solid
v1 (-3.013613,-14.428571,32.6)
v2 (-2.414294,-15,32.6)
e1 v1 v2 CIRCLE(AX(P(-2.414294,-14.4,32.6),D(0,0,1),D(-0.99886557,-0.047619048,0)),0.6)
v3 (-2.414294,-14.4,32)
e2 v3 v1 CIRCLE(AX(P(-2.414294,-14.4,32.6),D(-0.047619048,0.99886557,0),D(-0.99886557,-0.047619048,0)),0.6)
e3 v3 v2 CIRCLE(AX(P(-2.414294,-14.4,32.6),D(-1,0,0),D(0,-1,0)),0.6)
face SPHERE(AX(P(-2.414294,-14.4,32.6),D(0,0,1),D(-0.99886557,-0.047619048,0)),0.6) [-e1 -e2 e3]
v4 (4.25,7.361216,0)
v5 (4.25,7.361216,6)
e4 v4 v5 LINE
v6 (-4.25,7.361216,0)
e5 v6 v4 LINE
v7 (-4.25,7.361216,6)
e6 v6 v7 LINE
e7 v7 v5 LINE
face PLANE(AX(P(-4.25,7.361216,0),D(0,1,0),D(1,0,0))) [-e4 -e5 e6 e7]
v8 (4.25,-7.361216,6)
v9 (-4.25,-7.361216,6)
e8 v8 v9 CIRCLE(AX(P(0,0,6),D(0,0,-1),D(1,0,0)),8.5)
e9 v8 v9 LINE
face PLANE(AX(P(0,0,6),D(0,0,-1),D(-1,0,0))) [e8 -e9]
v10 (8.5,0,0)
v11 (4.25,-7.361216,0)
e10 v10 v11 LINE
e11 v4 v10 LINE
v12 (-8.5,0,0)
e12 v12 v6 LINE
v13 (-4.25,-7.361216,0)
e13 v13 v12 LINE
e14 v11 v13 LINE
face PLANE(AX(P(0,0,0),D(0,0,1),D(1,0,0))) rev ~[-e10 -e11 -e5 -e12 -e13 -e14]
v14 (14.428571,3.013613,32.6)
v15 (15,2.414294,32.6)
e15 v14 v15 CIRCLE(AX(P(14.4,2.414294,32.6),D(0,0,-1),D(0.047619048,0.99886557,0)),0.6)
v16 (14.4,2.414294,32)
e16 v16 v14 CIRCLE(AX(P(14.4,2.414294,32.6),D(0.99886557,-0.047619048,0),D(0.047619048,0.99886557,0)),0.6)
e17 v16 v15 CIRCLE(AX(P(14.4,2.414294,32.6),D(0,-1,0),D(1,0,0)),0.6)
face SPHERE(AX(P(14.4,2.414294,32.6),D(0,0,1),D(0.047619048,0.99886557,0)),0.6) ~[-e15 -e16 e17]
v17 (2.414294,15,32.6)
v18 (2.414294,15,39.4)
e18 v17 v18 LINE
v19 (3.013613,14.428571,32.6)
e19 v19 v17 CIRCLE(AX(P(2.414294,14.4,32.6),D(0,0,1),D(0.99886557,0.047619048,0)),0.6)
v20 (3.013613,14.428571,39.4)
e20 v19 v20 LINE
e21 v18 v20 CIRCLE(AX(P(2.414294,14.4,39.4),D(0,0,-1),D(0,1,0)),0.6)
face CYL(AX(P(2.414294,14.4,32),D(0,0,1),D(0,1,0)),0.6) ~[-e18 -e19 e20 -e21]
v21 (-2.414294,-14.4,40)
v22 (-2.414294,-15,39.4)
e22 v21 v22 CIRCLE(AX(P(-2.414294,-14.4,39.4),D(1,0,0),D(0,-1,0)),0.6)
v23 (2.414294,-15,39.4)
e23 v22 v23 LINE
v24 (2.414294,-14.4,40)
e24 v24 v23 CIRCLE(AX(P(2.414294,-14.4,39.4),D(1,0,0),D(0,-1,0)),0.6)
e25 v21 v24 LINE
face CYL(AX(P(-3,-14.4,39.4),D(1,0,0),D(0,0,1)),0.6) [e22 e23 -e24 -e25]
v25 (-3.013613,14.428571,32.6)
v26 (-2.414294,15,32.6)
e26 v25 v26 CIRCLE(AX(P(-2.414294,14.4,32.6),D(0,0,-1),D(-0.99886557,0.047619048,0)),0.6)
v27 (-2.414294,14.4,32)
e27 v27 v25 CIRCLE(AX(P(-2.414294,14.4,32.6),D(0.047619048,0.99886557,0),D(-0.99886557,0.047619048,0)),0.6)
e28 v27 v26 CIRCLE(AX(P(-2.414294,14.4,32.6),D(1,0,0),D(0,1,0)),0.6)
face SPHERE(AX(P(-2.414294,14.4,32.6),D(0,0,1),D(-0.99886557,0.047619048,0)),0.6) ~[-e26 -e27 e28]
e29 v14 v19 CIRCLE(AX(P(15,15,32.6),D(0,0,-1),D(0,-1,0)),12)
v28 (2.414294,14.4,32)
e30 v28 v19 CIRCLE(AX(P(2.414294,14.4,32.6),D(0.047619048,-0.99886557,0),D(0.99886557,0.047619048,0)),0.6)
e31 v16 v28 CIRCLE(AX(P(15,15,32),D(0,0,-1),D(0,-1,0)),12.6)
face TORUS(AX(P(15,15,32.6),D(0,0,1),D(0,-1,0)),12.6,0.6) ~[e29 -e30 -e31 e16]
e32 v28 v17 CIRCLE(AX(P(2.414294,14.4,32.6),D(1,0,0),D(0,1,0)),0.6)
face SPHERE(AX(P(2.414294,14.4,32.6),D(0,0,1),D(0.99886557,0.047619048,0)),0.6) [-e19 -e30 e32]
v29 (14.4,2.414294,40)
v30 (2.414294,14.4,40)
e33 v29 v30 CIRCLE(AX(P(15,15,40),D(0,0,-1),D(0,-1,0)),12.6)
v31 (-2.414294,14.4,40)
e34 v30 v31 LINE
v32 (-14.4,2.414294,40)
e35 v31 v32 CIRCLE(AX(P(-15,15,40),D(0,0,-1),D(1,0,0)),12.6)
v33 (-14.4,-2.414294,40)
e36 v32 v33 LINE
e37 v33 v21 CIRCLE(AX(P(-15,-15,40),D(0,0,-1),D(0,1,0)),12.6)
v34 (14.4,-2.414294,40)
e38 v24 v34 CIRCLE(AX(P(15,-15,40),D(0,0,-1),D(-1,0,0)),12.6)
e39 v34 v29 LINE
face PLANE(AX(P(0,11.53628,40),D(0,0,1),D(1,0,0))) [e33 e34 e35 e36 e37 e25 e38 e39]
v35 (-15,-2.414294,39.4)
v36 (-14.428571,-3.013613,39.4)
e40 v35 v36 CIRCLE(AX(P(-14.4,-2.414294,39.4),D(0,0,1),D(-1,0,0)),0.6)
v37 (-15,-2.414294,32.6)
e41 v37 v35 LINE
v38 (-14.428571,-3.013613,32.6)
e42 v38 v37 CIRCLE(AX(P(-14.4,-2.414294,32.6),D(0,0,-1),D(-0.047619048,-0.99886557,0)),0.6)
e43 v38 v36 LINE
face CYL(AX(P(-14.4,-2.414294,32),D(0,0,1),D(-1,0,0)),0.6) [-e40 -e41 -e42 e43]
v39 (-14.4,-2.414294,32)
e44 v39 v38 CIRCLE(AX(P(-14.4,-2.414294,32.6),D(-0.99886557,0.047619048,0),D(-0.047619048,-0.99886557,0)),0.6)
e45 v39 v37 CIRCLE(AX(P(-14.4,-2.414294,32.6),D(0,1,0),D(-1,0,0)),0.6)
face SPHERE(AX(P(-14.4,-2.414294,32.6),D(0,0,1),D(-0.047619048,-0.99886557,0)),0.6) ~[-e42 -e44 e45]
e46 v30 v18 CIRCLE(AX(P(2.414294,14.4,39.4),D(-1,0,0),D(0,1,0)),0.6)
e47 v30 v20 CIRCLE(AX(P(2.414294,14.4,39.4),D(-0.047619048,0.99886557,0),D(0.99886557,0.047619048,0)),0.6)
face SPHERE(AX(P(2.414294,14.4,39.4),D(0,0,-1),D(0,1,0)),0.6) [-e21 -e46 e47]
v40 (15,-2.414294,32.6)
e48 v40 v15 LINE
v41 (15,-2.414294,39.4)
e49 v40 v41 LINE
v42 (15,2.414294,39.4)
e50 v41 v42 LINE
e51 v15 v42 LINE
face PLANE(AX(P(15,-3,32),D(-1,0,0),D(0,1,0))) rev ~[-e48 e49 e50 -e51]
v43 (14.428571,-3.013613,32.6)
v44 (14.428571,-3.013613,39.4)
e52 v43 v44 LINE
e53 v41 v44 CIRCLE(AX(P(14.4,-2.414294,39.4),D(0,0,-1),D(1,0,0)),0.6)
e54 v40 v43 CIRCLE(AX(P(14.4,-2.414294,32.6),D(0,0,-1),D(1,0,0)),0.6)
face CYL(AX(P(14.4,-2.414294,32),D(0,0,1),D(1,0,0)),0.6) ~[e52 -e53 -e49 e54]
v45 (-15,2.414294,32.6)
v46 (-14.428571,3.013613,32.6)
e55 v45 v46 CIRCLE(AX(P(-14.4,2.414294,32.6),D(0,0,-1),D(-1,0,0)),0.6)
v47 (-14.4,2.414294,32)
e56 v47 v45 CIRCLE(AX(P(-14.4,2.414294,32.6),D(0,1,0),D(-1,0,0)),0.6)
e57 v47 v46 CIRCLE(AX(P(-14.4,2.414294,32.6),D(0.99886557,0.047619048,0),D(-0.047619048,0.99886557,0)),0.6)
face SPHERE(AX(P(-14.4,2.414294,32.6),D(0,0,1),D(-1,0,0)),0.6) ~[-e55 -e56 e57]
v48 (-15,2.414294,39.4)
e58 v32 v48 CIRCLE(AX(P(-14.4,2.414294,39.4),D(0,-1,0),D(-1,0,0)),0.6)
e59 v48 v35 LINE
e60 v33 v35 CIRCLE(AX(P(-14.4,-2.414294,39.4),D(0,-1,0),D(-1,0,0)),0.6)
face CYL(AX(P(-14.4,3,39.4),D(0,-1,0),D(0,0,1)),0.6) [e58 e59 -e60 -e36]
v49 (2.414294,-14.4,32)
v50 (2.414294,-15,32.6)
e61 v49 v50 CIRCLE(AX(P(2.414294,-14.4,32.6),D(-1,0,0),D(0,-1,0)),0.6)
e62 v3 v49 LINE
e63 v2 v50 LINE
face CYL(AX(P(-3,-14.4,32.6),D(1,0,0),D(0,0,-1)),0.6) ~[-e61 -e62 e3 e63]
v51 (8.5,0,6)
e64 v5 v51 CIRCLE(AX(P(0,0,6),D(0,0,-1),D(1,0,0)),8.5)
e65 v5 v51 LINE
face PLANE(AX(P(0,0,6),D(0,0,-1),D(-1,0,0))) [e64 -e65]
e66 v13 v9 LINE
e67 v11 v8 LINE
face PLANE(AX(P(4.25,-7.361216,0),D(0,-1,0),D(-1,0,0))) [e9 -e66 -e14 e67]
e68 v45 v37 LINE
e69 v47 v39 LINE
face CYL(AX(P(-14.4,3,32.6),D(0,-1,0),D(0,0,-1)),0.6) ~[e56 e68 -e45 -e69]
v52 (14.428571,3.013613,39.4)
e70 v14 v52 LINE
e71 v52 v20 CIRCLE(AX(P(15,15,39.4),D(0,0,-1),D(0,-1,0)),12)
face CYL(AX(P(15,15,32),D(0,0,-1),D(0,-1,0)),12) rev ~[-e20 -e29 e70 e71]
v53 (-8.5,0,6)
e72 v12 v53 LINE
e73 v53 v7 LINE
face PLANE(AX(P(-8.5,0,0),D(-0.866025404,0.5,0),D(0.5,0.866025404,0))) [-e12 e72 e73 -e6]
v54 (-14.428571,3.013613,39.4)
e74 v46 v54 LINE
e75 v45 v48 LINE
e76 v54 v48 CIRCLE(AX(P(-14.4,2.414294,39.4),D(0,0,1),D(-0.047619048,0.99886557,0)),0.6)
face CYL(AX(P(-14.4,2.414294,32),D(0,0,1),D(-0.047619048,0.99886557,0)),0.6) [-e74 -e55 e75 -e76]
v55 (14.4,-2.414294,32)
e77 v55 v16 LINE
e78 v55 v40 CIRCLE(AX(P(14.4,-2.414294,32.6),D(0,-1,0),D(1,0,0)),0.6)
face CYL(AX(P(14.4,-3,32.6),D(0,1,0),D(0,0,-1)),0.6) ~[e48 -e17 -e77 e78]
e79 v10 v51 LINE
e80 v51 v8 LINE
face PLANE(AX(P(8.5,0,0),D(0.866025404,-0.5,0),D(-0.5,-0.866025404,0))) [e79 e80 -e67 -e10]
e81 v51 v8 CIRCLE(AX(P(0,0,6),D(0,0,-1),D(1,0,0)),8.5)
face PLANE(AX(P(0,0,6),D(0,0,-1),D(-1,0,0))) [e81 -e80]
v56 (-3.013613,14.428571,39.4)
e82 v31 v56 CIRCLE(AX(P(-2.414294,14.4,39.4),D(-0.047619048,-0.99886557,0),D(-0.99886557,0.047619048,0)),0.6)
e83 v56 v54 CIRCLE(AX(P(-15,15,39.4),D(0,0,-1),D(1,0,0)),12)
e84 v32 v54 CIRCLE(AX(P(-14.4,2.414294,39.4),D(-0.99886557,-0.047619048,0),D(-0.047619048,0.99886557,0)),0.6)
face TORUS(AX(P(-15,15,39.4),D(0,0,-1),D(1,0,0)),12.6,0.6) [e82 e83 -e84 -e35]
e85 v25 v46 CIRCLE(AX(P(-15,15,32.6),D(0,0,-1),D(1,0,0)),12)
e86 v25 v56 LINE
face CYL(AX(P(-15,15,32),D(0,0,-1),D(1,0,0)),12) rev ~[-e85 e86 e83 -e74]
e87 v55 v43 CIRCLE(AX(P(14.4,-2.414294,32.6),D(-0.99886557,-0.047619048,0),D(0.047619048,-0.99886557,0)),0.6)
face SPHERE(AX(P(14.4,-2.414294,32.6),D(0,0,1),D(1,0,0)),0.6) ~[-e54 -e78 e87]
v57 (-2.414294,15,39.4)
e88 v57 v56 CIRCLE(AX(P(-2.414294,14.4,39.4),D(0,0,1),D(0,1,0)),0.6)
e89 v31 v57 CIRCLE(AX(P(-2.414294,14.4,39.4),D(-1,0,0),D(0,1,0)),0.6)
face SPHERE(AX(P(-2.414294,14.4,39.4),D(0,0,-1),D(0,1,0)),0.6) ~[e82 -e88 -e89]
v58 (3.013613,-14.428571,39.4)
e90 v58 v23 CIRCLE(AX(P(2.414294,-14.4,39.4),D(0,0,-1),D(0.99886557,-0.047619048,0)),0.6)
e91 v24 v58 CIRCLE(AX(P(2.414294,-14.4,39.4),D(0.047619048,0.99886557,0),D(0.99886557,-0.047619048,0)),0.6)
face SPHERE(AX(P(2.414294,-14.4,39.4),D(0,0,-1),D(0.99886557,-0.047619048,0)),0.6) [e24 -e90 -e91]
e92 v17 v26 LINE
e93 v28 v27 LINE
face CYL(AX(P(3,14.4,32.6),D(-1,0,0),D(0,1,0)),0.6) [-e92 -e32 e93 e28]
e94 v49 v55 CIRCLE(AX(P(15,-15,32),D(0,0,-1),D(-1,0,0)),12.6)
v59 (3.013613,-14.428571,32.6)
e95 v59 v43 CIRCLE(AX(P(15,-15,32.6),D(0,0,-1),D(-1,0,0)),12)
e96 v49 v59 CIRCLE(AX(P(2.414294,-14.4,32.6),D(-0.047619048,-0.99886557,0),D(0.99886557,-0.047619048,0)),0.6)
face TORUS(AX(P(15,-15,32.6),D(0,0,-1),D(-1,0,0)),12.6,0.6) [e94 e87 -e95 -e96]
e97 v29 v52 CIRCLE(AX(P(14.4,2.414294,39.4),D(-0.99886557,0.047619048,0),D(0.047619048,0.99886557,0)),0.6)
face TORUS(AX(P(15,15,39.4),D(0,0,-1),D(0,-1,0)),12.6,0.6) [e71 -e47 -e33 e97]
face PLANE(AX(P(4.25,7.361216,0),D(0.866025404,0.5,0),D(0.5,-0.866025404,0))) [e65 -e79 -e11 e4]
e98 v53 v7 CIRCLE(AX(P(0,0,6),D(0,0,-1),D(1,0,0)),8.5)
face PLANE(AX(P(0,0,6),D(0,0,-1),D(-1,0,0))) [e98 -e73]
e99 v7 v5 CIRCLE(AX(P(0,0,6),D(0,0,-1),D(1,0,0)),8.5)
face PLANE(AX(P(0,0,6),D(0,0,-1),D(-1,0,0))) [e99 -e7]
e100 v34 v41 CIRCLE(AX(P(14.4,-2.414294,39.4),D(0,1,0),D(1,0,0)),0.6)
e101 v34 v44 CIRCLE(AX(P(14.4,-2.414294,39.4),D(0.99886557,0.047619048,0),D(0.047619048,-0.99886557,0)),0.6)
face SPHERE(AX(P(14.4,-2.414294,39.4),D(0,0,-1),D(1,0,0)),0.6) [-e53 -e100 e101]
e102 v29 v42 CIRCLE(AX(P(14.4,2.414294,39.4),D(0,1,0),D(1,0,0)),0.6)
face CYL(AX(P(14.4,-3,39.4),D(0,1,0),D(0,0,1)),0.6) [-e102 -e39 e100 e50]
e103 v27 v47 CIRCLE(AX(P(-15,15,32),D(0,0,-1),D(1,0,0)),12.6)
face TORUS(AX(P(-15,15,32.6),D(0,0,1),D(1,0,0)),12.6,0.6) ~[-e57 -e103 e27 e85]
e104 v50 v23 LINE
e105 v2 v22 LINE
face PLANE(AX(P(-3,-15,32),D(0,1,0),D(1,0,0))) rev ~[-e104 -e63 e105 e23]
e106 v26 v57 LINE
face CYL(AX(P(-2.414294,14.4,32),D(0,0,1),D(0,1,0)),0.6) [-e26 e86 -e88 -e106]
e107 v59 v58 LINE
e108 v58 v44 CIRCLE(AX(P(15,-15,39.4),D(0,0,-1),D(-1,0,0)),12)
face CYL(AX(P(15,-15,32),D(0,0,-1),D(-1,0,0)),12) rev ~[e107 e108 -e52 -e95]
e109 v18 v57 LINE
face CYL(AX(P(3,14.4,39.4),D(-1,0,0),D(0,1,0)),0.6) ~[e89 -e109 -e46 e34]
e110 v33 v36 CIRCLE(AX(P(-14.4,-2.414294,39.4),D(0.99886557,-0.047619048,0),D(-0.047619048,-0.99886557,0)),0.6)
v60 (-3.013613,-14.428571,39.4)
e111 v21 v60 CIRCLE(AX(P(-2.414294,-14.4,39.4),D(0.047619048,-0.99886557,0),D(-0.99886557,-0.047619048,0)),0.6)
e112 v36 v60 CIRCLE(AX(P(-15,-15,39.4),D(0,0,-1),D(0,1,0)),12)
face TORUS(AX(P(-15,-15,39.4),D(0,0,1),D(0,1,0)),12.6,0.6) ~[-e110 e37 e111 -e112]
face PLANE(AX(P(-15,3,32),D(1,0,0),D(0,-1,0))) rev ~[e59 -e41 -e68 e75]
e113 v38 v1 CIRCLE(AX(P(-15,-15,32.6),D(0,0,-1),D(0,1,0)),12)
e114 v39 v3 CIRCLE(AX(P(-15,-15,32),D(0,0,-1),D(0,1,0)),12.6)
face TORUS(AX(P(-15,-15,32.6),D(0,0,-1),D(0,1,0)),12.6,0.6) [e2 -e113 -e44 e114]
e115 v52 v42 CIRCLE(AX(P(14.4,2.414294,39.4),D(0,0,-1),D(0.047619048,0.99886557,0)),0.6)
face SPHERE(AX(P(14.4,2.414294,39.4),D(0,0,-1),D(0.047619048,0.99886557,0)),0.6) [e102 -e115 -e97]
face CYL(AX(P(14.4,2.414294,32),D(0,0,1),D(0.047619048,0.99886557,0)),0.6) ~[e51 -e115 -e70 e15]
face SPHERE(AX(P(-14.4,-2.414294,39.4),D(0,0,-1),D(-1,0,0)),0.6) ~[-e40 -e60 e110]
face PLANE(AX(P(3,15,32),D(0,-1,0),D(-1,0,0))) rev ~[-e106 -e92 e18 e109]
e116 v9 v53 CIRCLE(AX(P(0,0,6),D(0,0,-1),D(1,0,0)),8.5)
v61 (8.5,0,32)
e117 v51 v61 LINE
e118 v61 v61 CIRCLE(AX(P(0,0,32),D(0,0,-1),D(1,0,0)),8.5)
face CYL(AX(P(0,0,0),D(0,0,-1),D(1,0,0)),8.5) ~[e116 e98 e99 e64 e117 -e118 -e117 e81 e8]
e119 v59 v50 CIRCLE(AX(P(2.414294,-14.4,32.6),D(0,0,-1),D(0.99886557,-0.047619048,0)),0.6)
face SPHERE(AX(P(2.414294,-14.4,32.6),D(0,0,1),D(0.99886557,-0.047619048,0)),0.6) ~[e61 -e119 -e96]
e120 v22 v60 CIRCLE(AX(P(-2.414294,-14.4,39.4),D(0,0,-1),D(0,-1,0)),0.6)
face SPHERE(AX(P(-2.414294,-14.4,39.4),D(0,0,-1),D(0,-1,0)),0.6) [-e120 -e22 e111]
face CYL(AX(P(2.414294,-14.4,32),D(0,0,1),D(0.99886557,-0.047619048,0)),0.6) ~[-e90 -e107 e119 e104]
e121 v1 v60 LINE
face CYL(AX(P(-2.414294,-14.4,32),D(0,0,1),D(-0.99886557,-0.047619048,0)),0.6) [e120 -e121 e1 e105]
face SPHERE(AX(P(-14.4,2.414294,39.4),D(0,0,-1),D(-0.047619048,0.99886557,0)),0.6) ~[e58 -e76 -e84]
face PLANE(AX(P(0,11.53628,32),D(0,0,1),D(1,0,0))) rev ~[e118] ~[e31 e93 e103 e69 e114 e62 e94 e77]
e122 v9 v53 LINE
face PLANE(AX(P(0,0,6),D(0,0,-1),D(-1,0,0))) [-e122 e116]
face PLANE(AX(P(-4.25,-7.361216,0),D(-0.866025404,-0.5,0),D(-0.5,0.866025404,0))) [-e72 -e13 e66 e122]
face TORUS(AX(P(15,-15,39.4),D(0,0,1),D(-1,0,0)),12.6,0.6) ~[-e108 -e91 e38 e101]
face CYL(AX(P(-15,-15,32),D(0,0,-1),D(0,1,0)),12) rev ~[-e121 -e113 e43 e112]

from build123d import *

# Parameters (mm, degrees)
SKETCH1_R           = 8.5
BOSS_EXTRUDE1_DEPTH = 40
BOSS_EXTRUDE2_START = -8
SKETCH2_W           = 6
SKETCH2_H           = 6
BOSS_EXTRUDE2_DEPTH = 8
SKETCH3_OUTSIDE_W   = 43.662
SKETCH3_OUTSIDE_H   = 43.662
CUT_EXTRUDE1_DEPTH  = 6
FILLET2_R           = 0.6


with BuildPart() as part:
    # Sketch1 → Boss-Extrude1 (new body)
    with BuildSketch(Plane.XY):
        Circle(SKETCH1_R)
    extrude(amount=BOSS_EXTRUDE1_DEPTH)

    # Sketch2 → Boss-Extrude2 (add)
    with BuildSketch(Plane.XY.offset(40).offset(BOSS_EXTRUDE2_START)):
        with BuildLine():
            Line((3, 7.95298686), (3, 15))
            Line((3, 15), (-3, 15))
            Line((-3, 15), (-3, 7.95298686))
            ThreePointArc((-3, 7.95298686), (0, 8.5), (3, 7.95298686))
        make_face()
        with BuildLine():
            Line((-7.95298686, 3), (-3, 3))
            Line((-3, 3), (-3, 7.95298686))
            ThreePointArc((-3, 7.95298686), (-6.01040764, 6.01040764), (-7.95298686, 3))
        make_face()
        with BuildLine():
            Line((-3, 7.95298686), (-3, 15))
            ThreePointArc((-3, 15), (-6.514718626, 6.514718626), (-15, 3))
            Line((-15, 3), (-7.95298686, 3))
            ThreePointArc((-7.95298686, 3), (-6.01040764, 6.01040764), (-3, 7.95298686))
        make_face()
        with BuildLine():
            Line((-3, 3), (3, 3))
            Line((3, 3), (3, 7.95298686))
            ThreePointArc((3, 7.95298686), (0, 8.5), (-3, 7.95298686))
            Line((-3, 7.95298686), (-3, 3))
        make_face()
        Rectangle(SKETCH2_W, SKETCH2_H)
        with BuildLine():
            Line((-3, -3), (-3, 3))
            Line((-3, 3), (-7.95298686, 3))
            ThreePointArc((-7.95298686, 3), (-8.5, 0), (-7.95298686, -3))
            Line((-7.95298686, -3), (-3, -3))
        make_face()
        with BuildLine():
            Line((-7.95298686, 3), (-15, 3))
            Line((-15, 3), (-15, -3))
            Line((-15, -3), (-7.95298686, -3))
            ThreePointArc((-7.95298686, -3), (-8.5, 0), (-7.95298686, 3))
        make_face()
        with BuildLine():
            ThreePointArc((-15, -3), (-6.514718626, -6.514718626), (-3, -15))
            Line((-3, -15), (-3, -7.95298686))
            ThreePointArc((-3, -7.95298686), (-6.01040764, -6.01040764), (-7.95298686, -3))
            Line((-7.95298686, -3), (-15, -3))
        make_face()
        with BuildLine():
            Line((-3, -7.95298686), (-3, -3))
            Line((-3, -3), (-7.95298686, -3))
            ThreePointArc((-7.95298686, -3), (-6.01040764, -6.01040764), (-3, -7.95298686))
        make_face()
        with BuildLine():
            Line((3, -7.95298686), (3, -3))
            Line((3, -3), (-3, -3))
            Line((-3, -3), (-3, -7.95298686))
            ThreePointArc((-3, -7.95298686), (0, -8.5), (3, -7.95298686))
        make_face()
        with BuildLine():
            ThreePointArc((3, -7.95298686), (6.01040764, -6.01040764), (7.95298686, -3))
            Line((7.95298686, -3), (3, -3))
            Line((3, -3), (3, -7.95298686))
        make_face()
        with BuildLine():
            ThreePointArc((8.5, 0), (8.362128566, 1.524731401), (7.95298686, 3))
            Line((7.95298686, 3), (3, 3))
            Line((3, 3), (3, -3))
            Line((3, -3), (7.95298686, -3))
            ThreePointArc((7.95298686, -3), (8.362128566, -1.524731401), (8.5, 0))
        make_face()
        with BuildLine():
            ThreePointArc((3, -15), (6.514718626, -6.514718626), (15, -3))
            Line((15, -3), (7.95298686, -3))
            ThreePointArc((7.95298686, -3), (6.01040764, -6.01040764), (3, -7.95298686))
            Line((3, -7.95298686), (3, -15))
        make_face()
        with BuildLine():
            Line((15, -3), (15, 3))
            Line((15, 3), (7.95298686, 3))
            ThreePointArc((7.95298686, 3), (8.362128566, 1.524731401), (8.5, 0))
            ThreePointArc((8.5, 0), (8.362128566, -1.524731401), (7.95298686, -3))
            Line((7.95298686, -3), (15, -3))
        make_face()
        with BuildLine():
            Line((7.95298686, 3), (15, 3))
            ThreePointArc((15, 3), (6.514718626, 6.514718626), (3, 15))
            Line((3, 15), (3, 7.95298686))
            ThreePointArc((3, 7.95298686), (6.01040764, 6.01040764), (7.95298686, 3))
        make_face()
        with BuildLine():
            Line((3, 3), (7.95298686, 3))
            ThreePointArc((7.95298686, 3), (6.01040764, 6.01040764), (3, 7.95298686))
            Line((3, 7.95298686), (3, 3))
        make_face()
        with BuildLine():
            Line((-3, -15), (3, -15))
            Line((3, -15), (3, -7.95298686))
            ThreePointArc((3, -7.95298686), (0, -8.5), (-3, -7.95298686))
            Line((-3, -7.95298686), (-3, -15))
        make_face()
    extrude(amount=BOSS_EXTRUDE2_DEPTH)

    # Sketch3 outside → Cut-Extrude1 (cut)
    with BuildSketch(Plane(origin=(0, 0, 0), x_dir=(-1, 0, 0), z_dir=(0, 0, -1))):
        Rectangle(SKETCH3_OUTSIDE_W, SKETCH3_OUTSIDE_H)
        Polygon((4.25, 7.361215932), (-4.25, 7.361215932), (-8.5, 0), (-4.25, -7.361215932), (4.25, -7.361215932), (8.5, 0), align=None, mode=Mode.SUBTRACT)
    extrude(amount=-CUT_EXTRUDE1_DEPTH, mode=Mode.SUBTRACT)

    # Fillet2
    fillet2_edges = [part.edges().sort_by_distance(p)[0] for p in [
        (15, 0, 32),
        (6.514718626, -6.514718626, 32),
        (0, -15, 32),
        (0, 15, 40),
        (-6.514718626, 6.514718626, 40),
        (-15, 0, 40),
        (-6.514718626, -6.514718626, 40),
        (-3, -15, 36),
        (-15, 0, 32),
        (-15, -3, 36),
        (-6.514718626, 6.514718626, 32),
        (-15, 3, 36),
        (0, 15, 32),
        (-3, 15, 36),
        (6.514718626, 6.514718626, 40),
        (3, 15, 36),
        (15, 0, 40),
        (15, 3, 36),
        (6.514718626, -6.514718626, 40),
        (15, -3, 36),
        (0, -15, 40),
        (3, -15, 36),
        (-6.514718626, -6.514718626, 32),
        (6.514718626, 6.514718626, 32),
    ]]
    fillet(fillet2_edges, radius=FILLET2_R)


solid = part.part
